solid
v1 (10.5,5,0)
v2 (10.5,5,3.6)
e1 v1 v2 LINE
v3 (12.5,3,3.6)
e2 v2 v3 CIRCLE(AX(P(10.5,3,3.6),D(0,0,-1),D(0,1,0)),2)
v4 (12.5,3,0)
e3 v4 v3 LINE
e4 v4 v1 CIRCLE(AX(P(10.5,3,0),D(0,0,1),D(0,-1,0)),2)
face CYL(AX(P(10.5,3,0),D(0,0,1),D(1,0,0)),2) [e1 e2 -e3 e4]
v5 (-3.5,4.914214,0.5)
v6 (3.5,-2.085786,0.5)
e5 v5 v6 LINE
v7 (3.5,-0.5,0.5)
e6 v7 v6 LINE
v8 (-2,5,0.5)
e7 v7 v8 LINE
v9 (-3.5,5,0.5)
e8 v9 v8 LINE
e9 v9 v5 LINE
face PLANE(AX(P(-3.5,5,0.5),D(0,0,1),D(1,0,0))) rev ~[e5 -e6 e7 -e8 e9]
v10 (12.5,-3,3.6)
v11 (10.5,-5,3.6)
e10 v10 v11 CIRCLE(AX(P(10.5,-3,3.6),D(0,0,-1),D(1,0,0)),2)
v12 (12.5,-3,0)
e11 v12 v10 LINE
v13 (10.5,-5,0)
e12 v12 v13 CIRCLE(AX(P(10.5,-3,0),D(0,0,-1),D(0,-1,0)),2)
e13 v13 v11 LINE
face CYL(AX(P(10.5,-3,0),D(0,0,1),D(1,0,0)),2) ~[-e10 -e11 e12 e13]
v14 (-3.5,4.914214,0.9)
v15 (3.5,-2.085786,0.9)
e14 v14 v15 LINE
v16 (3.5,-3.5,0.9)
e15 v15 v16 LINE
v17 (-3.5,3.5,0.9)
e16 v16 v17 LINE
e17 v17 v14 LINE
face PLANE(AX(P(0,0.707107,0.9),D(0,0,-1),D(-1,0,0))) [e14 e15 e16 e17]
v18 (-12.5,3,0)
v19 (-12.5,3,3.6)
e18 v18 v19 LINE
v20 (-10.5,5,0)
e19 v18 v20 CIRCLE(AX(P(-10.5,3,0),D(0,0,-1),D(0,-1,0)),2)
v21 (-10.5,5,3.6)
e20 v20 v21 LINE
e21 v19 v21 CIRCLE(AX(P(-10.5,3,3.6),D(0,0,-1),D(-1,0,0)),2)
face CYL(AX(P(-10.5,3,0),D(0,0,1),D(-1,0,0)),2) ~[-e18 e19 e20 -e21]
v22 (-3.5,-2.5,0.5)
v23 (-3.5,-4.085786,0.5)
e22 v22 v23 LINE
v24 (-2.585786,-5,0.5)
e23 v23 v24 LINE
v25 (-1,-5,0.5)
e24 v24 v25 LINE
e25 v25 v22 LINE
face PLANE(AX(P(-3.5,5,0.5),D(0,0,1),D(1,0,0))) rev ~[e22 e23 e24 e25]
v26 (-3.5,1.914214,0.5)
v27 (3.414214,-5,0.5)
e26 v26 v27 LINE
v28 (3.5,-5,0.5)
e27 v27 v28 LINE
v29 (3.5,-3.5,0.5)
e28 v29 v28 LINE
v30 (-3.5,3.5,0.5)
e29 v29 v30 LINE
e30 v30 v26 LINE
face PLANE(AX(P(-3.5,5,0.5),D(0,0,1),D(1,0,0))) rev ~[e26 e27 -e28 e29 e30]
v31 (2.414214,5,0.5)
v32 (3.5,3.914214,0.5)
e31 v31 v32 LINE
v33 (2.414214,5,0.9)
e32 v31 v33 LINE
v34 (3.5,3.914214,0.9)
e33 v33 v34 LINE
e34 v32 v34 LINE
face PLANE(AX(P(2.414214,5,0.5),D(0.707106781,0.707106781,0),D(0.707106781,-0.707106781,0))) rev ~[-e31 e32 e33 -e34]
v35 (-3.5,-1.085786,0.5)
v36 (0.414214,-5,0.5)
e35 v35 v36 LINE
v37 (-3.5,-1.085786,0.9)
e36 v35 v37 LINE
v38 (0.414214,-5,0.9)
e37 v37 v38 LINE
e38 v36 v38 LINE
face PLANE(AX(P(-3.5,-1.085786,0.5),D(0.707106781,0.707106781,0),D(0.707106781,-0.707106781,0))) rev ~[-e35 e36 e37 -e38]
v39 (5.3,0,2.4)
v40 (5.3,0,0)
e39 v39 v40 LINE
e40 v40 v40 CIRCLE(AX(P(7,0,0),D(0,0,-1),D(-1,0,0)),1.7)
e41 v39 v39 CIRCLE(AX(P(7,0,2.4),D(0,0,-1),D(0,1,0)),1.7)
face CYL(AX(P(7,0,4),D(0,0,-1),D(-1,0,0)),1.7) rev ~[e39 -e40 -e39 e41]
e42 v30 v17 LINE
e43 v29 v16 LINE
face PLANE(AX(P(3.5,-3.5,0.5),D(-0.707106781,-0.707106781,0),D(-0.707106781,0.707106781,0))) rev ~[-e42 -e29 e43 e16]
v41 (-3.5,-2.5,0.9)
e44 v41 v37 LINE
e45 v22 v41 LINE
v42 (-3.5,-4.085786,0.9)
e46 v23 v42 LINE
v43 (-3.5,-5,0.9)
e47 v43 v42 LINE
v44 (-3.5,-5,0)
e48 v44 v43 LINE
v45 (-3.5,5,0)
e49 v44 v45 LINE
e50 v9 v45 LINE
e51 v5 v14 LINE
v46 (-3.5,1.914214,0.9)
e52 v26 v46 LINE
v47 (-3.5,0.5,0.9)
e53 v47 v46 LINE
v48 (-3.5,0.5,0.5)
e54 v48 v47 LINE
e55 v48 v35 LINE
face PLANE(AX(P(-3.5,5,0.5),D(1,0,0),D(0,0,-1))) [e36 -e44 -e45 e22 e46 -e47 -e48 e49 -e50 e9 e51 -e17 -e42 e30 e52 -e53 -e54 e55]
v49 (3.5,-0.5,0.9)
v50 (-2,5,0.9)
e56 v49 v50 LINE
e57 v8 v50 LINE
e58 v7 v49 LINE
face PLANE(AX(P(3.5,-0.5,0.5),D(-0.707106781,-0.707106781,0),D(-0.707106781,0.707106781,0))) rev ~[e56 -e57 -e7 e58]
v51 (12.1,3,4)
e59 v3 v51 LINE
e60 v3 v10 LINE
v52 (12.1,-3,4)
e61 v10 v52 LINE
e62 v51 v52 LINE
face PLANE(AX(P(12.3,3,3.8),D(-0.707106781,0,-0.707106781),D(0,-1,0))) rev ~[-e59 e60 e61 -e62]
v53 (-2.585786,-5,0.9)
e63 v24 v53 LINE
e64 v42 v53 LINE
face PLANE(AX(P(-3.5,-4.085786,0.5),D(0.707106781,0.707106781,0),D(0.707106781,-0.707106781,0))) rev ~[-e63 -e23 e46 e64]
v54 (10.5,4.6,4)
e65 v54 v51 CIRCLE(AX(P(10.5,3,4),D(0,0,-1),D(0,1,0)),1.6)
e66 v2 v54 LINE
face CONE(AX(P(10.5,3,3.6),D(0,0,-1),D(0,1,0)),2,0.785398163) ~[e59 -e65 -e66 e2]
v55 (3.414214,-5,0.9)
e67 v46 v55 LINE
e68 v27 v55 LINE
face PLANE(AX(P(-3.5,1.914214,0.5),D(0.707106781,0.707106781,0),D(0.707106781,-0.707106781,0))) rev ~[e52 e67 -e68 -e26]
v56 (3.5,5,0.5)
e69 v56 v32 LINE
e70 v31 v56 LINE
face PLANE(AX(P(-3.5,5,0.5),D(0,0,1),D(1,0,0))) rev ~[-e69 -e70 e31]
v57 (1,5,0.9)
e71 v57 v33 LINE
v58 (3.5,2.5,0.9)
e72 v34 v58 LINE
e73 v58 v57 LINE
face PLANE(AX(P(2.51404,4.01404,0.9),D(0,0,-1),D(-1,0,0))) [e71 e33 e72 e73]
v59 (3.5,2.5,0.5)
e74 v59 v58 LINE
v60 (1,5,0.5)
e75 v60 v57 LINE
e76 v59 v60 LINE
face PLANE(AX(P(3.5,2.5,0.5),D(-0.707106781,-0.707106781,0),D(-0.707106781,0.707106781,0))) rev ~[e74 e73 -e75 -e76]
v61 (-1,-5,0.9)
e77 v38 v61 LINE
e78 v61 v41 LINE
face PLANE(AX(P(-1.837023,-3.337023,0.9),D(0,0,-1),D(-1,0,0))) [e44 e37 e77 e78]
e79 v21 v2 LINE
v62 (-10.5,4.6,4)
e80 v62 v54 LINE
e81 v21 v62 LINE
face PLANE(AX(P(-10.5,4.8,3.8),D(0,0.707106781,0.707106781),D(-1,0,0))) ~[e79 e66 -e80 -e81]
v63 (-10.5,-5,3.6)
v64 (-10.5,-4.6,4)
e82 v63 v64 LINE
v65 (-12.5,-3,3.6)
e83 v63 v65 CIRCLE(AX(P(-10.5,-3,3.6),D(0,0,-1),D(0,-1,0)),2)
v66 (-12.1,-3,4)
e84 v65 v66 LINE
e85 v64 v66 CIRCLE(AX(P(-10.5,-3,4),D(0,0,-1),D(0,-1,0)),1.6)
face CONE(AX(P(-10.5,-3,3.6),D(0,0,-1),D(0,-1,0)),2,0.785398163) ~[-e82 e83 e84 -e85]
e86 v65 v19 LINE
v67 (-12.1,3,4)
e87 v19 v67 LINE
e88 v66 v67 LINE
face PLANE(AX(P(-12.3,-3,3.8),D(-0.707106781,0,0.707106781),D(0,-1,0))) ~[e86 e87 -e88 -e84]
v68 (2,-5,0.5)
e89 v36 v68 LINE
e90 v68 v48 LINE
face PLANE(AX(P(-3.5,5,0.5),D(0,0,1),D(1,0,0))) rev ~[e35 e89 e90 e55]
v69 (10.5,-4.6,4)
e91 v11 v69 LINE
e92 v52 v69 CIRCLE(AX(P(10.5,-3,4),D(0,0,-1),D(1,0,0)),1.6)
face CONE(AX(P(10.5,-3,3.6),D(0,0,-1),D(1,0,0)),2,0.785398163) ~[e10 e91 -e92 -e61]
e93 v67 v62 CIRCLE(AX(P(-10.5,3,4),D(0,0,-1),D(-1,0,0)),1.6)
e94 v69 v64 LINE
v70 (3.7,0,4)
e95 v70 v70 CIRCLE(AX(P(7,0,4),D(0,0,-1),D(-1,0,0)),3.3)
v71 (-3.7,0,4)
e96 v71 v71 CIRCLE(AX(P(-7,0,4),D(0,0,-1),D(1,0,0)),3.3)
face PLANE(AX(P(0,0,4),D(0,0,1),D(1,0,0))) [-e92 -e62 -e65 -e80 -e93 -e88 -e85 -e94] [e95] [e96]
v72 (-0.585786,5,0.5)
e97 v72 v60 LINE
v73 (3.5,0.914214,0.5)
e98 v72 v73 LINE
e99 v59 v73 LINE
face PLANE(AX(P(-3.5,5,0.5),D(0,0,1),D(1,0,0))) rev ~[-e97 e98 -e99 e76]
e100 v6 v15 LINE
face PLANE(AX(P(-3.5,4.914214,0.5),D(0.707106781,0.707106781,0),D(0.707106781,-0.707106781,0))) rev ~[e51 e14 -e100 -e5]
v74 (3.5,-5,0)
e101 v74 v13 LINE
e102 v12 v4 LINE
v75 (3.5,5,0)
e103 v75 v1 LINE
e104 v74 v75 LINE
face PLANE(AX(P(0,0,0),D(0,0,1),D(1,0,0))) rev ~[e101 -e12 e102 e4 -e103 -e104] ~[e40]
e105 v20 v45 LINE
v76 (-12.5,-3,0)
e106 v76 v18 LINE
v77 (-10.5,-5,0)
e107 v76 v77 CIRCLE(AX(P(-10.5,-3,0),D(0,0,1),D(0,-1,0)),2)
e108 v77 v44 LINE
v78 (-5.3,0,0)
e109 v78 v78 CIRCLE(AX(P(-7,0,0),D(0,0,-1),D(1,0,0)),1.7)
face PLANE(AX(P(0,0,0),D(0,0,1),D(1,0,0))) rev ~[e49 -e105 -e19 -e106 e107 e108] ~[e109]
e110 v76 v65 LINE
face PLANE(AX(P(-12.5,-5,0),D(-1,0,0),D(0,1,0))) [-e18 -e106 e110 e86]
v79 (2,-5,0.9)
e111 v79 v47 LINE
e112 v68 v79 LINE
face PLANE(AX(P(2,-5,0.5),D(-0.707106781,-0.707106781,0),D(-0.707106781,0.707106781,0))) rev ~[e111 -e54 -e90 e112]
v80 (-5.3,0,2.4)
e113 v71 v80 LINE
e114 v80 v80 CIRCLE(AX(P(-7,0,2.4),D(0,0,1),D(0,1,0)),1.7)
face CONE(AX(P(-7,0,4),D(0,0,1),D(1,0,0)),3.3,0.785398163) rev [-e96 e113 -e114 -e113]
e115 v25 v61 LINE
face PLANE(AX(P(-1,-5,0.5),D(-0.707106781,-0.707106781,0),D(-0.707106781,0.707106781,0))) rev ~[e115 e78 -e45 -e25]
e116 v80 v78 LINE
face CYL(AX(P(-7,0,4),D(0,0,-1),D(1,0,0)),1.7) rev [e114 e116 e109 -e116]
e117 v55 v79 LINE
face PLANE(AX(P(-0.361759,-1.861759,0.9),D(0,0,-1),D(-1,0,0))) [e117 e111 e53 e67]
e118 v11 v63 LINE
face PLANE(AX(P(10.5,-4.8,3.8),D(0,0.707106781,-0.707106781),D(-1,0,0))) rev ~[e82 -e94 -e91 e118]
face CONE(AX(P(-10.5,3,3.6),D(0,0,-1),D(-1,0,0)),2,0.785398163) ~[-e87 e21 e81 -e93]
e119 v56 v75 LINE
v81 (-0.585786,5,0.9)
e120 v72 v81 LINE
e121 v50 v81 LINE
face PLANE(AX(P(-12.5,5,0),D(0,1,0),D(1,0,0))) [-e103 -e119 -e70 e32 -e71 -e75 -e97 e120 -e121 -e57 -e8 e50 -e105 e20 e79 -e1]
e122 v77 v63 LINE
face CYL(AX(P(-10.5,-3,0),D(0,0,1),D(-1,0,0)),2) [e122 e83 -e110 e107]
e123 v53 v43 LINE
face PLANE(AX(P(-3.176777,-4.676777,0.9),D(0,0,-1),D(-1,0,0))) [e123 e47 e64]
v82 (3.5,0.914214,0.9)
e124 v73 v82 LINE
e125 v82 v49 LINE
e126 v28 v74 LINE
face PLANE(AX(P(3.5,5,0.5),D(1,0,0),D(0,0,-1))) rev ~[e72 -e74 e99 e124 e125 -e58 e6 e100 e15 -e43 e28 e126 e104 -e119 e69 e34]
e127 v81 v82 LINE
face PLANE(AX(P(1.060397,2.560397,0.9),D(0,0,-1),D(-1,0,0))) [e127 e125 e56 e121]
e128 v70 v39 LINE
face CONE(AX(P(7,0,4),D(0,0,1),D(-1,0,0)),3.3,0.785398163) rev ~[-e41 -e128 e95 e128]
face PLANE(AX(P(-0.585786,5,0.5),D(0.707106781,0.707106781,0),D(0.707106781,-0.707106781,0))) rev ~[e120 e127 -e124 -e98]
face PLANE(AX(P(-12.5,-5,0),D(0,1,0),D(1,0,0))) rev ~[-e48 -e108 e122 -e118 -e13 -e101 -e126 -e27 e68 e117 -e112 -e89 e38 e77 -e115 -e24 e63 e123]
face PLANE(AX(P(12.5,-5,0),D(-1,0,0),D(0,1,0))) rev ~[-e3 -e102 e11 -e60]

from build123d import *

# Parameters (mm, degrees)
SKETCH_1_W                   = 25
SKETCH_1_H                   = 10
EXTRUDE_1_DEPTH              = 4
SKETCH_2_W                   = 7
SKETCH_2_H                   = 1
CUT_EXTRUDE_1_DEPTH          = 17.5
HOLE_WIZARD_M3_1_D           = 3.4
HOLE_WIZARD_M3_1_CSINK_D     = 6.6
HOLE_WIZARD_M3_1_CSINK_ANGLE = 90
FILLET_1_R                   = 2
CHAMFER_1_SIZE               = 0.4
CUT_EXTRUDE_2_DEPTH          = 0.4


with BuildPart() as part:
    # 草图1 → 凸台-拉伸1 (new body)
    with BuildSketch(Plane.XY):
        Rectangle(SKETCH_1_W, SKETCH_1_H)
    extrude(amount=EXTRUDE_1_DEPTH)

    # 草图2 → 切除-拉伸1 (cut, through all)
    with BuildSketch(Plane(origin=(0, 5, 0), x_dir=(1, 0, 0), z_dir=(0, 1, 0))):
        Rectangle(SKETCH_2_W, SKETCH_2_H)
    extrude(amount=-CUT_EXTRUDE_1_DEPTH, mode=Mode.SUBTRACT)

    # M3 十字槽沉头木螺钉的锥形沉头孔1 (through all)
    with Locations(Plane.XY.offset(4)):
        with Locations((7, 0)):
            hole_wizard_m3_1 = CounterSinkHole(HOLE_WIZARD_M3_1_D / 2, HOLE_WIZARD_M3_1_CSINK_D / 2, counter_sink_angle=HOLE_WIZARD_M3_1_CSINK_ANGLE)

    # 镜向1: M3 十字槽沉头木螺钉的锥形沉头孔1 across plane
    add(hole_wizard_m3_1.mirror(Plane(origin=(0, 0, 0), x_dir=(0, 0, 1), z_dir=(1, 0, 0))), mode=Mode.SUBTRACT)

    # 圆角1
    fillet_1_edges = [part.edges().sort_by_distance(p)[0] for p in [
        (12.5, -5, 2),
        (-12.5, -5, 2),
        (-12.5, 5, 2),
        (12.5, 5, 2),
    ]]
    fillet(fillet_1_edges, radius=FILLET_1_R)

    # 倒角1
    chamfer_1_edges = [part.edges().sort_by_distance(p)[0] for p in [
        (-12.5, 0, 4),
        (0, 5, 4),
        (12.5, 0, 4),
        (0, -5, 4),
        (11.914213562, 4.414213562, 4),
        (11.914213562, -4.414213562, 4),
        (-11.914213562, -4.414213562, 4),
        (-11.914213562, 4.414213562, 4),
    ]]
    chamfer(chamfer_1_edges, length=CHAMFER_1_SIZE)

    # 草图5 → 切除-拉伸2 (cut)
    with BuildSketch(Plane(origin=(0, 0, 0.5), x_dir=(-1, 0, 0), z_dir=(0, 0, -1))):
        Polygon((-3.5, -2.085786438), (-3.5, -3.5), (3.5, 3.5), (3.5, 4.914213562), align=None)
        Polygon((3.5, 0.5), (3.5, 1.914213562), (-3.414213562, -5), (-2, -5), align=None)
        Polygon((-3.5, 0.914213562), (-3.5, -0.5), (2, 5), (0.585786438, 5), align=None)
        Polygon((3.5, -2.5), (3.5, -1.085786438), (-0.414213562, -5), (1, -5), align=None)
        Polygon((-3.5, 3.914213562), (-3.5, 2.5), (-1, 5), (-2.414213562, 5), align=None)
        Polygon((3.5, -5), (3.5, -4.085786438), (2.585786438, -5), align=None)
    extrude(amount=-CUT_EXTRUDE_2_DEPTH, mode=Mode.SUBTRACT)


solid = part.part
